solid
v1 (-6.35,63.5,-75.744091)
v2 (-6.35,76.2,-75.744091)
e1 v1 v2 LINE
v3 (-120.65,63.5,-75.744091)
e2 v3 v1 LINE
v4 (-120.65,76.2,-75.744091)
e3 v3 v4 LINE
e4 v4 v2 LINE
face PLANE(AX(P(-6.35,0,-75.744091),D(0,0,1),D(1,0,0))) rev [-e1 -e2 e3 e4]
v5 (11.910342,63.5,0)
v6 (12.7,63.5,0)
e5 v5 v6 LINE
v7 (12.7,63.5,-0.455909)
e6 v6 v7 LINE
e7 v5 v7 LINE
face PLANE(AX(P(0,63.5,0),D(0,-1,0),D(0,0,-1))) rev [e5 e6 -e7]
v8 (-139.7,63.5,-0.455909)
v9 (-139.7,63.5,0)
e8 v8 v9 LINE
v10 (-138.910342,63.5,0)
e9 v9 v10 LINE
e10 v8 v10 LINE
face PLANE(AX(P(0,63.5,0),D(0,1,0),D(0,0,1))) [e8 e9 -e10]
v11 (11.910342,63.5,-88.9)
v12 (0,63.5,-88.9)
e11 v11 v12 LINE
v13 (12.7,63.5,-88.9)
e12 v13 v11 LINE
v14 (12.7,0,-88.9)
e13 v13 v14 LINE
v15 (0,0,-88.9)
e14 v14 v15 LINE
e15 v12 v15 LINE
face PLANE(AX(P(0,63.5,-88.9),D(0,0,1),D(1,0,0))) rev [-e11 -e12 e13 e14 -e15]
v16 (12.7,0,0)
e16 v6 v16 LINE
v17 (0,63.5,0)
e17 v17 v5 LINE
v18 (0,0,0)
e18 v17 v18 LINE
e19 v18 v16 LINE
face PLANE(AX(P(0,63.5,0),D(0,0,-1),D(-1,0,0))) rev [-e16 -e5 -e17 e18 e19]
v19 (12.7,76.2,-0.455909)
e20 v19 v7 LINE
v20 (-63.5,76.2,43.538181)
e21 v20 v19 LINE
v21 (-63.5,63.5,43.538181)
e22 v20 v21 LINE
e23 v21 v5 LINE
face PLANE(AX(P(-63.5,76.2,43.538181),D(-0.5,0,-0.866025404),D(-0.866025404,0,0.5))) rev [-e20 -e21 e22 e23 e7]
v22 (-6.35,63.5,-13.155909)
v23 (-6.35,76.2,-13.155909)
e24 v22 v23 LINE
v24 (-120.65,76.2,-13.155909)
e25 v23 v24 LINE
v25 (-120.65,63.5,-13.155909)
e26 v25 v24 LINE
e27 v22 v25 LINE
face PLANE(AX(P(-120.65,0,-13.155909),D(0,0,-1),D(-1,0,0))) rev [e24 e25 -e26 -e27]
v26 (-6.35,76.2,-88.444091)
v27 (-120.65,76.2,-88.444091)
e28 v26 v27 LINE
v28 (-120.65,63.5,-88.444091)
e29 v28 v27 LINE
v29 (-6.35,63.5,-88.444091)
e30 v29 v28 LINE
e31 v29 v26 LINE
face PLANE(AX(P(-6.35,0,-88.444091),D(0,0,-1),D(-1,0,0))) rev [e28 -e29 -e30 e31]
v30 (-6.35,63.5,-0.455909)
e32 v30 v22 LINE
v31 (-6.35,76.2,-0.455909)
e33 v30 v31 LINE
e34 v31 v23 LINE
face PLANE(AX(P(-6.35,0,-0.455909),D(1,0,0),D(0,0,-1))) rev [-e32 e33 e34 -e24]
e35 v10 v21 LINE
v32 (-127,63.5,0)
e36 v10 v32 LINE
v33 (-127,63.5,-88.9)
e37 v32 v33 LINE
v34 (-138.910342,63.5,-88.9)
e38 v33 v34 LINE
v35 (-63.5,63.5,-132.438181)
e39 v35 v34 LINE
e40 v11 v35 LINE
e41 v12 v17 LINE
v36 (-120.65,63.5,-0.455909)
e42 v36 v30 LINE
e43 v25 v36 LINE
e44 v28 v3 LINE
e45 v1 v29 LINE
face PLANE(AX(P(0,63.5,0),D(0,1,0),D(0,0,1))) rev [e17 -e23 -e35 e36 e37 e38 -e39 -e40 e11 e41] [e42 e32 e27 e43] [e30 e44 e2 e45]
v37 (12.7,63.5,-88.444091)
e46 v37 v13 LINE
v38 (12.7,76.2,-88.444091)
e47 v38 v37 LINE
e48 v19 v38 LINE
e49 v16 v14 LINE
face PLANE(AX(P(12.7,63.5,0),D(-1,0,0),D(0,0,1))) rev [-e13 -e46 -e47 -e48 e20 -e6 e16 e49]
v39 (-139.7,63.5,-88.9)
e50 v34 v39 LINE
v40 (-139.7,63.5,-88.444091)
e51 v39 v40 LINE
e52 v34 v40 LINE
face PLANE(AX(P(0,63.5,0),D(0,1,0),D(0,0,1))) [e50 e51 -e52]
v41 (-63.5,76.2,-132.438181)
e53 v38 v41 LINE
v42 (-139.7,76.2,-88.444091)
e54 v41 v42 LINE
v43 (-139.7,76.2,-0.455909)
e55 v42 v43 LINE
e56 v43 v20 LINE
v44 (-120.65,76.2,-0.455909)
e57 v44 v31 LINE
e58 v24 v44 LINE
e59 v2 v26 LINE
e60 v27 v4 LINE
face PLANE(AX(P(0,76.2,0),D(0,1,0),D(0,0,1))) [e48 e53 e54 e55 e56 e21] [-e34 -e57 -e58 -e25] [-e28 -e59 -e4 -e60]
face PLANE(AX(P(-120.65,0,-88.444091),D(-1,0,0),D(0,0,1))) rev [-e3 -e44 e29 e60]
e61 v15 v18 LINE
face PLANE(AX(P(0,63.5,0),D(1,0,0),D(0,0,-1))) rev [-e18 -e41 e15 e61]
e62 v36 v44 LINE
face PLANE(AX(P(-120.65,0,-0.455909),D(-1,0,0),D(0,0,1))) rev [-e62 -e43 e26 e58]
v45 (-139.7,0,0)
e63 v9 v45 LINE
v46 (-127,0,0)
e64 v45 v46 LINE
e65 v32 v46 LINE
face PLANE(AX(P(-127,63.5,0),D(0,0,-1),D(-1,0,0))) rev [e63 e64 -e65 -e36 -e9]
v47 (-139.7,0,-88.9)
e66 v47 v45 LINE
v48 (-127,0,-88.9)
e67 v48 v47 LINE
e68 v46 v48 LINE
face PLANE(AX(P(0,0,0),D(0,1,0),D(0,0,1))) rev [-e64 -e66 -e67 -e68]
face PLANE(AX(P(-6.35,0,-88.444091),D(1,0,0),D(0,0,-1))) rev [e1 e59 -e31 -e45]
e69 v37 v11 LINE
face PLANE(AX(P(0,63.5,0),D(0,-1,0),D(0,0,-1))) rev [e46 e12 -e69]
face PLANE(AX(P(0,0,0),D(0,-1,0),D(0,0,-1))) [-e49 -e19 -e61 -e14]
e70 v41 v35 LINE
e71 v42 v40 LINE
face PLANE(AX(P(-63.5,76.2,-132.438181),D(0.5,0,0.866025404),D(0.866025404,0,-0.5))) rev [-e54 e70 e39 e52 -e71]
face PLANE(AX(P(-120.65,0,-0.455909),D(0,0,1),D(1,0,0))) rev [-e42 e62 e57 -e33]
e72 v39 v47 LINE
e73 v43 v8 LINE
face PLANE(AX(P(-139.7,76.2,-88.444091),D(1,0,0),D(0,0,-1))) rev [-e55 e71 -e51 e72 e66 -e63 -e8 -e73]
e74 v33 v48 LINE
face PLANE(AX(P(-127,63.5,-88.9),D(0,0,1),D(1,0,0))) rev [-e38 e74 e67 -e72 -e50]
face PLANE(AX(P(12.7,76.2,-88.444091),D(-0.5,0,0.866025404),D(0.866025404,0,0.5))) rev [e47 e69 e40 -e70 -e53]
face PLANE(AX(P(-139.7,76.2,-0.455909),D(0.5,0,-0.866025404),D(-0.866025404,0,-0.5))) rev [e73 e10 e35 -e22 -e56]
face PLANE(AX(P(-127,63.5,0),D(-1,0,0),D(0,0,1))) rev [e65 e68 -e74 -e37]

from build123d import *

# Parameters (mm, degrees)
SKETCH1_W             = 12.7
SKETCH1_H             = 88.9
BOSS_EXTRUDE1_DEPTH   = 63.5
BOSS_EXTRUDE1_2_DEPTH = 63.5
BOSS_EXTRUDE2_DEPTH   = 12.7
SKETCH3_W             = 114.3
SKETCH3_H             = 12.7
CUT_EXTRUDE1_DEPTH    = 208.03236895


with BuildPart() as part:
    # Sketch1 → Boss-Extrude1 (new body)
    with BuildSketch(Plane(origin=(0, 0, 0), x_dir=(1, 0, 0), z_dir=(0, 1, 0))):
        with Locations((6.35, 44.45)):
            Rectangle(SKETCH1_W, SKETCH1_H)
    extrude(amount=BOSS_EXTRUDE1_DEPTH)



with BuildPart() as body_2:
    # Sketch1 → Boss-Extrude1 2 (new body)
    with BuildSketch(Plane(origin=(0, 0, 0), x_dir=(1, 0, 0), z_dir=(0, 1, 0))):
        with Locations((-133.35, 44.45)):
            Rectangle(SKETCH1_W, SKETCH1_H)
    extrude(amount=BOSS_EXTRUDE1_2_DEPTH)


with BuildPart() as part_1:
    add(part.part)

    add(body_2.part)  # Boss-Extrude2 merges body 2
    # Sketch2 → Boss-Extrude2 (add)
    with BuildSketch(Plane(origin=(0, 63.5, 0), x_dir=(1, 0, 0), z_dir=(0, 1, 0))):
        Polygon((-63.5, -43.538181024), (12.7, 0.455909488), (12.7, 88.444090512), (-63.5, 132.438181024), (-139.7, 88.444090512), (-139.7, 0.455909488), align=None)
    extrude(amount=BOSS_EXTRUDE2_DEPTH)

    # Sketch3 → Cut-Extrude1 (cut, through all)
    with BuildSketch(Plane(origin=(0, 76.2, 0), x_dir=(1, 0, 0), z_dir=(0, 1, 0))):
        with Locations((-63.5, 6.805909488)):
            Rectangle(SKETCH3_W, SKETCH3_H)
        with Locations((-63.5, 82.094090512)):
            Rectangle(SKETCH3_W, SKETCH3_H)
    extrude(amount=-CUT_EXTRUDE1_DEPTH, mode=Mode.SUBTRACT)


solid = part_1.part
